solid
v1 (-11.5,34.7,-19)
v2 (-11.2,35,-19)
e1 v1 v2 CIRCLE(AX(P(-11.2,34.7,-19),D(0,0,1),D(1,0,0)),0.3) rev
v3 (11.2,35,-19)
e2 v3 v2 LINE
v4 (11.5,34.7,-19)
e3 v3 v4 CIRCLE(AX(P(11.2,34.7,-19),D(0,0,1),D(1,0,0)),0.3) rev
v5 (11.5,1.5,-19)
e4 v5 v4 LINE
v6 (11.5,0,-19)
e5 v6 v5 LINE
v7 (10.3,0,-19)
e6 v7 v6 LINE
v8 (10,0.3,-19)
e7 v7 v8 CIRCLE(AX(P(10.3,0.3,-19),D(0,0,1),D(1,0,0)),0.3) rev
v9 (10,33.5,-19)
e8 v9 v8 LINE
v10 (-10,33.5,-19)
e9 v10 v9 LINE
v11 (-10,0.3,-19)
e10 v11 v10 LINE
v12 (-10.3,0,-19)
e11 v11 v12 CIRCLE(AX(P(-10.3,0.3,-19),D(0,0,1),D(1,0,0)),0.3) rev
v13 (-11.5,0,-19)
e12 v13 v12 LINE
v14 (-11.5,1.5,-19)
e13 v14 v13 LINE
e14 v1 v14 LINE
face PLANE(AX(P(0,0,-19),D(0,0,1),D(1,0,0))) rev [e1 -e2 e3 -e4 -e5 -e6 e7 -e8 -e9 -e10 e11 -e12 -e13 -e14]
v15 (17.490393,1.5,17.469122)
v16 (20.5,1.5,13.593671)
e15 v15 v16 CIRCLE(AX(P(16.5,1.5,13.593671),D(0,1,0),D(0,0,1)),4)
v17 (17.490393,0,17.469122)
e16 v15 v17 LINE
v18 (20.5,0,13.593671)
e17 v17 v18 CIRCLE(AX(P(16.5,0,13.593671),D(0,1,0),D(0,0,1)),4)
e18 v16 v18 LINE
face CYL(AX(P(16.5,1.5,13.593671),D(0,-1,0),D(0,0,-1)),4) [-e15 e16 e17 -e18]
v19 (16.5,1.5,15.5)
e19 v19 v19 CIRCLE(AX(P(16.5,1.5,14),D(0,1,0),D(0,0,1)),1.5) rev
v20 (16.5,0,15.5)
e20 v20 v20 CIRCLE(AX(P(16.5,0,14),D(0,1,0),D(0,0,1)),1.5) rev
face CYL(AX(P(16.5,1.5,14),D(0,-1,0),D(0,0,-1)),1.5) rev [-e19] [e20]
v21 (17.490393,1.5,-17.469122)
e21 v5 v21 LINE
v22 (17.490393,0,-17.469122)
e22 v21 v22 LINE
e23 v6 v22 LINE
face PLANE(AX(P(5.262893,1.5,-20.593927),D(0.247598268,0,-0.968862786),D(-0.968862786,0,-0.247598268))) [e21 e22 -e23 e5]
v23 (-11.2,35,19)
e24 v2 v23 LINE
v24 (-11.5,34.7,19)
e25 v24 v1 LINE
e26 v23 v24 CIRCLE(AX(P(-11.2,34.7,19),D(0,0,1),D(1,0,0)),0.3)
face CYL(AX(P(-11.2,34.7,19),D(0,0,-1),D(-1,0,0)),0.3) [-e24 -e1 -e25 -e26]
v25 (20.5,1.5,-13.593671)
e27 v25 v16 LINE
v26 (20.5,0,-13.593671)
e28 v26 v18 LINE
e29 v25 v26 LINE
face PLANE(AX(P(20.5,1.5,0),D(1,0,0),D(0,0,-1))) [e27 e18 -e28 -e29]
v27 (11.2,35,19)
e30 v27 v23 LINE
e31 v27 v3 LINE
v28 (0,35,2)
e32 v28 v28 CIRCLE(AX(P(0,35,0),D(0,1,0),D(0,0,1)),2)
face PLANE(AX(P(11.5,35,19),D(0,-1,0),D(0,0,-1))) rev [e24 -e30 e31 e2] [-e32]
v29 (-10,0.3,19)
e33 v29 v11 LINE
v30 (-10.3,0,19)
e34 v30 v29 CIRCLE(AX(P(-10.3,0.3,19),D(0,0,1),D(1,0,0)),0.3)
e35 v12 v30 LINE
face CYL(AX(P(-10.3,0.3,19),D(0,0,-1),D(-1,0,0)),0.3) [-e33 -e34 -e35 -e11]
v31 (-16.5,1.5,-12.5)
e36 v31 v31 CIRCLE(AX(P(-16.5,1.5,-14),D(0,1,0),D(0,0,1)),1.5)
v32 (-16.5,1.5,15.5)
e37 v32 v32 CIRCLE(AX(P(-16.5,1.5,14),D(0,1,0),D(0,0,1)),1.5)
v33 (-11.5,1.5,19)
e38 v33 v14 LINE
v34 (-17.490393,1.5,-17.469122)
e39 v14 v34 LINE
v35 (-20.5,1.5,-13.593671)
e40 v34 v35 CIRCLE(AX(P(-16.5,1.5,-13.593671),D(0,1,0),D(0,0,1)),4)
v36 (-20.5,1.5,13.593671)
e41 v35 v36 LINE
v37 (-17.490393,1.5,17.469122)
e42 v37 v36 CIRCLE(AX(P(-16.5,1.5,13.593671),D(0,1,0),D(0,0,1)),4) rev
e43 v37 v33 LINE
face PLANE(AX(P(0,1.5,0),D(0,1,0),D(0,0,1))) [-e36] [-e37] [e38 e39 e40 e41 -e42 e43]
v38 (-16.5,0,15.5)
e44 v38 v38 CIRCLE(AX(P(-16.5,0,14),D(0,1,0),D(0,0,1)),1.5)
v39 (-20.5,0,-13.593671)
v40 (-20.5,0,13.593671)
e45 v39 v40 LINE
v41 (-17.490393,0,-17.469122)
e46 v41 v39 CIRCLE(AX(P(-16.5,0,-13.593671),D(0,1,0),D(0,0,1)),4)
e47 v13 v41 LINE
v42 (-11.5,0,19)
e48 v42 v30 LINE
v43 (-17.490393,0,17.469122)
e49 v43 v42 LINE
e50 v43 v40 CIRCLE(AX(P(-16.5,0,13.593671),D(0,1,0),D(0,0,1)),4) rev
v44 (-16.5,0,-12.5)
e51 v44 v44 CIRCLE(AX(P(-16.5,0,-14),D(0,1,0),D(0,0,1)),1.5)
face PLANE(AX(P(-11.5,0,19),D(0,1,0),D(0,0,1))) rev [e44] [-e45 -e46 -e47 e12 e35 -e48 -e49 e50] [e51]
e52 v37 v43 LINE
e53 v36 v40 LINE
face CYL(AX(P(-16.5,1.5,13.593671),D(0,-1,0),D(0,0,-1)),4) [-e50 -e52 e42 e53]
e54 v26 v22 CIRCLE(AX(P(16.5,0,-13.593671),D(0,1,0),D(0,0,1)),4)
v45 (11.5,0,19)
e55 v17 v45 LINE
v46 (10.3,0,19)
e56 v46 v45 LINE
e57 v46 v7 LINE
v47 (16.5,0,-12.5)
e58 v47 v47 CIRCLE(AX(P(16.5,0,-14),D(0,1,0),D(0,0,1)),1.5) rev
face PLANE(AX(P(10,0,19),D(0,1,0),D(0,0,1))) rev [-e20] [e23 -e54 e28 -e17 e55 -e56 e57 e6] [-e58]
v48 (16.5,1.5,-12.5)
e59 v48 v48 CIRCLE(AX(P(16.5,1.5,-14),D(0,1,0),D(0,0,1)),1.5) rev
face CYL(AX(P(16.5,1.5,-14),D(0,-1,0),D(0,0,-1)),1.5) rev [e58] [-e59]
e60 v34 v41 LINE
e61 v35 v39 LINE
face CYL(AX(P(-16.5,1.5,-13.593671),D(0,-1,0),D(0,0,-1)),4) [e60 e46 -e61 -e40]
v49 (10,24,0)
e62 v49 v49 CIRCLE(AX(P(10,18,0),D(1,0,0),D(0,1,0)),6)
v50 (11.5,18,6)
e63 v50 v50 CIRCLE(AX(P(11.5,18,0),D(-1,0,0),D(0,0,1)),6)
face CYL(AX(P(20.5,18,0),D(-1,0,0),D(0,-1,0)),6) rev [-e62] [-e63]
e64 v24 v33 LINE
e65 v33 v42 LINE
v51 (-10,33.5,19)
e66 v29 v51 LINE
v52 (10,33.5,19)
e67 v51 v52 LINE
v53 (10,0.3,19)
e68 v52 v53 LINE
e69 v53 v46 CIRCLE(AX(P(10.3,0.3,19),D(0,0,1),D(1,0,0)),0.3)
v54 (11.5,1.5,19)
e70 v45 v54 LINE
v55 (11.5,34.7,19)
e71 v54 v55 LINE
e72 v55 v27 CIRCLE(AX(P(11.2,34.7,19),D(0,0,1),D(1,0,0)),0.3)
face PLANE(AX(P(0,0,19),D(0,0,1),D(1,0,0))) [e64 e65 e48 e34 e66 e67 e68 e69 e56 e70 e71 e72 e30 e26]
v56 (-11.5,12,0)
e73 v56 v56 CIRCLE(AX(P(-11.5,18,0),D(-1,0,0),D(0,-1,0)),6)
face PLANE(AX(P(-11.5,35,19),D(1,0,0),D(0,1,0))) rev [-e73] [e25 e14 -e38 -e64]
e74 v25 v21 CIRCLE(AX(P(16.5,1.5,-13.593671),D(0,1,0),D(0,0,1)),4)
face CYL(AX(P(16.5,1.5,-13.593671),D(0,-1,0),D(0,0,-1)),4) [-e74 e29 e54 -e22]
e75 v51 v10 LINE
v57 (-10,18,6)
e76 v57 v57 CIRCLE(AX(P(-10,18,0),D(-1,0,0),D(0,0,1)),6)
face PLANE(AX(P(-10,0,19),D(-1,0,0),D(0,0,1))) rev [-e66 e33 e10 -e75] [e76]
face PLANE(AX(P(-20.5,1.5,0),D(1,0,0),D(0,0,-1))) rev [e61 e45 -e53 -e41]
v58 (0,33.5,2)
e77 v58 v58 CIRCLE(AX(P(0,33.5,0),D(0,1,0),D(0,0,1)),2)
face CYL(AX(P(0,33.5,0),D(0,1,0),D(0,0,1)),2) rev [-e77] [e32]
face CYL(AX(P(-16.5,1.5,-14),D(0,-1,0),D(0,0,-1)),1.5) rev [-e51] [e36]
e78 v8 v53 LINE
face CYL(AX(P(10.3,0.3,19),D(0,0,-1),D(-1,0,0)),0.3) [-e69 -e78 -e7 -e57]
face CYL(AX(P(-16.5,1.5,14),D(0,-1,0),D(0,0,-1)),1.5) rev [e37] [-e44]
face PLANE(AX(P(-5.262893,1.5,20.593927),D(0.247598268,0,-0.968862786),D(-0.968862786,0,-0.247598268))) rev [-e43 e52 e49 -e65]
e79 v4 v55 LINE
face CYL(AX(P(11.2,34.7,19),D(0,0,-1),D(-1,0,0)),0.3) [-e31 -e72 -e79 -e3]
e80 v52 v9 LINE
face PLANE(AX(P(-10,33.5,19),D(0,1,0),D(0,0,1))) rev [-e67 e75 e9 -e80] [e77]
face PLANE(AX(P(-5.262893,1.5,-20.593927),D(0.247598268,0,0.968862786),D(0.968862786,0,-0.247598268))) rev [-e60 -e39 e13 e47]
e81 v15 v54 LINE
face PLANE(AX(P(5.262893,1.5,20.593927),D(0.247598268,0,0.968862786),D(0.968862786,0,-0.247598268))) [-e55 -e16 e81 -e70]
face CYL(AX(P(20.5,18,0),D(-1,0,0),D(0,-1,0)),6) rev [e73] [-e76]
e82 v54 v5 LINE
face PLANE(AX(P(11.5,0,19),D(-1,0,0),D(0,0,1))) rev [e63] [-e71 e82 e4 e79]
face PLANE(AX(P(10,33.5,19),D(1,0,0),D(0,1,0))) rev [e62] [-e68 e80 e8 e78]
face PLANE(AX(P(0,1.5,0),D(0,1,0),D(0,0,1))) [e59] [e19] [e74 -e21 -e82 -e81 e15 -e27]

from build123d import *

# Parameters (mm, degrees)
BOSS_EXTRUDE1_DEPTH = 19
SKETCH4_R           = 2
CUT_EXTRUDE1_DEPTH  = 1.5
FILLET1_R           = 0.3
FILLET2_R           = 0.3
FILLET3_R           = 0.3
SKETCH3_R           = 1.5
BOSS_EXTRUDE2_DEPTH = 1.5
SKETCH7_R           = 6
CUT_EXTRUDE2_DEPTH  = 52.088159098


with BuildPart() as part:
    # Sketch1 → Boss-Extrude1 (new, symmetric)
    with BuildSketch(Plane.XY):
        Polygon((-10, 0), (-10, 33.5), (10, 33.5), (10, 0), (11.5, 0), (11.5, 35), (-11.5, 35), (-11.5, 0), align=None)
    extrude(amount=BOSS_EXTRUDE1_DEPTH, both=True)

    # Sketch4 → Cut-Extrude1 (cut)
    with BuildSketch(Plane(origin=(0, 35, 0), x_dir=(1, 0, 0), z_dir=(0, 1, 0))):
        with Locations(Location((0, 0, 0), (0, 0, 270))):
            Circle(SKETCH4_R)
    extrude(amount=-CUT_EXTRUDE1_DEPTH, mode=Mode.SUBTRACT)

    # Fillet1
    fillet1_edges = [part.edges().sort_by_distance(p)[0] for p in [
        (-10, 0, 0),
    ]]
    fillet(fillet1_edges, radius=FILLET1_R)

    # Fillet2
    fillet2_edges = [part.edges().sort_by_distance(p)[0] for p in [
        (10, 0, 0),
    ]]
    fillet(fillet2_edges, radius=FILLET2_R)

    # Fillet3
    fillet3_edges = [part.edges().sort_by_distance(p)[0] for p in [
        (-11.5, 35, 0),
        (11.5, 35, 0),
    ]]
    fillet(fillet3_edges, radius=FILLET3_R)

    # Sketch3 → Boss-Extrude2 (add)
    # profile 1 of 2: a face of its own
    with BuildSketch(Plane(origin=(0, 0, 0), x_dir=(1, 0, 0), z_dir=(0, 1, 0))):
        with BuildLine():
            ThreePointArc((-17.49039307, -17.469121771), (-19.659238221, -16.047079248), (-20.5, -13.593670627))
            Line((-20.5, -13.593670627), (-20.5, 13.593670627))
            ThreePointArc((-20.5, 13.593670627), (-19.659238221, 16.047079248), (-17.49039307, 17.469121771))
            Line((-17.49039307, 17.469121771), (-11.5, 19))
            Line((-11.5, 19), (-11.5, -19))
            Line((-11.5, -19), (-17.49039307, -17.469121771))
        make_face()
        with Locations(Location((-16.5, -14, 0), (0, 0, 270))):
            Circle(SKETCH3_R, mode=Mode.SUBTRACT)
        with Locations(Location((-16.5, 14, 0), (0, 0, 270))):
            Circle(SKETCH3_R, mode=Mode.SUBTRACT)
    # profile 2 of 2: a face of its own
    with BuildSketch(Plane(origin=(0, 0, 0), x_dir=(1, 0, 0), z_dir=(0, 1, 0))):
        with BuildLine():
            Line((17.49039307, -17.469121771), (11.5, -19))
            Line((11.5, -19), (11.5, 19))
            Line((11.5, 19), (17.49039307, 17.469121771))
            ThreePointArc((17.49039307, 17.469121771), (19.659238221, 16.047079248), (20.5, 13.593670627))
            Line((20.5, 13.593670627), (20.5, -13.593670627))
            ThreePointArc((20.5, -13.593670627), (19.659238221, -16.047079248), (17.49039307, -17.469121771))
        make_face()
        with Locations(Location((16.5, -14, 0), (0, 0, 270))):
            Circle(SKETCH3_R, mode=Mode.SUBTRACT)
        with Locations(Location((16.5, 14, 0), (0, 0, 270))):
            Circle(SKETCH3_R, mode=Mode.SUBTRACT)
    extrude(amount=BOSS_EXTRUDE2_DEPTH)

    # Sketch7 → Cut-Extrude2 (cut, through all)
    with BuildSketch(Plane.ZY.offset(11.5)):
        with Locations(Location((0, 18, 0), (0, 0, 270))):
            Circle(SKETCH7_R)
    extrude(amount=-CUT_EXTRUDE2_DEPTH, mode=Mode.SUBTRACT)


solid = part.part
